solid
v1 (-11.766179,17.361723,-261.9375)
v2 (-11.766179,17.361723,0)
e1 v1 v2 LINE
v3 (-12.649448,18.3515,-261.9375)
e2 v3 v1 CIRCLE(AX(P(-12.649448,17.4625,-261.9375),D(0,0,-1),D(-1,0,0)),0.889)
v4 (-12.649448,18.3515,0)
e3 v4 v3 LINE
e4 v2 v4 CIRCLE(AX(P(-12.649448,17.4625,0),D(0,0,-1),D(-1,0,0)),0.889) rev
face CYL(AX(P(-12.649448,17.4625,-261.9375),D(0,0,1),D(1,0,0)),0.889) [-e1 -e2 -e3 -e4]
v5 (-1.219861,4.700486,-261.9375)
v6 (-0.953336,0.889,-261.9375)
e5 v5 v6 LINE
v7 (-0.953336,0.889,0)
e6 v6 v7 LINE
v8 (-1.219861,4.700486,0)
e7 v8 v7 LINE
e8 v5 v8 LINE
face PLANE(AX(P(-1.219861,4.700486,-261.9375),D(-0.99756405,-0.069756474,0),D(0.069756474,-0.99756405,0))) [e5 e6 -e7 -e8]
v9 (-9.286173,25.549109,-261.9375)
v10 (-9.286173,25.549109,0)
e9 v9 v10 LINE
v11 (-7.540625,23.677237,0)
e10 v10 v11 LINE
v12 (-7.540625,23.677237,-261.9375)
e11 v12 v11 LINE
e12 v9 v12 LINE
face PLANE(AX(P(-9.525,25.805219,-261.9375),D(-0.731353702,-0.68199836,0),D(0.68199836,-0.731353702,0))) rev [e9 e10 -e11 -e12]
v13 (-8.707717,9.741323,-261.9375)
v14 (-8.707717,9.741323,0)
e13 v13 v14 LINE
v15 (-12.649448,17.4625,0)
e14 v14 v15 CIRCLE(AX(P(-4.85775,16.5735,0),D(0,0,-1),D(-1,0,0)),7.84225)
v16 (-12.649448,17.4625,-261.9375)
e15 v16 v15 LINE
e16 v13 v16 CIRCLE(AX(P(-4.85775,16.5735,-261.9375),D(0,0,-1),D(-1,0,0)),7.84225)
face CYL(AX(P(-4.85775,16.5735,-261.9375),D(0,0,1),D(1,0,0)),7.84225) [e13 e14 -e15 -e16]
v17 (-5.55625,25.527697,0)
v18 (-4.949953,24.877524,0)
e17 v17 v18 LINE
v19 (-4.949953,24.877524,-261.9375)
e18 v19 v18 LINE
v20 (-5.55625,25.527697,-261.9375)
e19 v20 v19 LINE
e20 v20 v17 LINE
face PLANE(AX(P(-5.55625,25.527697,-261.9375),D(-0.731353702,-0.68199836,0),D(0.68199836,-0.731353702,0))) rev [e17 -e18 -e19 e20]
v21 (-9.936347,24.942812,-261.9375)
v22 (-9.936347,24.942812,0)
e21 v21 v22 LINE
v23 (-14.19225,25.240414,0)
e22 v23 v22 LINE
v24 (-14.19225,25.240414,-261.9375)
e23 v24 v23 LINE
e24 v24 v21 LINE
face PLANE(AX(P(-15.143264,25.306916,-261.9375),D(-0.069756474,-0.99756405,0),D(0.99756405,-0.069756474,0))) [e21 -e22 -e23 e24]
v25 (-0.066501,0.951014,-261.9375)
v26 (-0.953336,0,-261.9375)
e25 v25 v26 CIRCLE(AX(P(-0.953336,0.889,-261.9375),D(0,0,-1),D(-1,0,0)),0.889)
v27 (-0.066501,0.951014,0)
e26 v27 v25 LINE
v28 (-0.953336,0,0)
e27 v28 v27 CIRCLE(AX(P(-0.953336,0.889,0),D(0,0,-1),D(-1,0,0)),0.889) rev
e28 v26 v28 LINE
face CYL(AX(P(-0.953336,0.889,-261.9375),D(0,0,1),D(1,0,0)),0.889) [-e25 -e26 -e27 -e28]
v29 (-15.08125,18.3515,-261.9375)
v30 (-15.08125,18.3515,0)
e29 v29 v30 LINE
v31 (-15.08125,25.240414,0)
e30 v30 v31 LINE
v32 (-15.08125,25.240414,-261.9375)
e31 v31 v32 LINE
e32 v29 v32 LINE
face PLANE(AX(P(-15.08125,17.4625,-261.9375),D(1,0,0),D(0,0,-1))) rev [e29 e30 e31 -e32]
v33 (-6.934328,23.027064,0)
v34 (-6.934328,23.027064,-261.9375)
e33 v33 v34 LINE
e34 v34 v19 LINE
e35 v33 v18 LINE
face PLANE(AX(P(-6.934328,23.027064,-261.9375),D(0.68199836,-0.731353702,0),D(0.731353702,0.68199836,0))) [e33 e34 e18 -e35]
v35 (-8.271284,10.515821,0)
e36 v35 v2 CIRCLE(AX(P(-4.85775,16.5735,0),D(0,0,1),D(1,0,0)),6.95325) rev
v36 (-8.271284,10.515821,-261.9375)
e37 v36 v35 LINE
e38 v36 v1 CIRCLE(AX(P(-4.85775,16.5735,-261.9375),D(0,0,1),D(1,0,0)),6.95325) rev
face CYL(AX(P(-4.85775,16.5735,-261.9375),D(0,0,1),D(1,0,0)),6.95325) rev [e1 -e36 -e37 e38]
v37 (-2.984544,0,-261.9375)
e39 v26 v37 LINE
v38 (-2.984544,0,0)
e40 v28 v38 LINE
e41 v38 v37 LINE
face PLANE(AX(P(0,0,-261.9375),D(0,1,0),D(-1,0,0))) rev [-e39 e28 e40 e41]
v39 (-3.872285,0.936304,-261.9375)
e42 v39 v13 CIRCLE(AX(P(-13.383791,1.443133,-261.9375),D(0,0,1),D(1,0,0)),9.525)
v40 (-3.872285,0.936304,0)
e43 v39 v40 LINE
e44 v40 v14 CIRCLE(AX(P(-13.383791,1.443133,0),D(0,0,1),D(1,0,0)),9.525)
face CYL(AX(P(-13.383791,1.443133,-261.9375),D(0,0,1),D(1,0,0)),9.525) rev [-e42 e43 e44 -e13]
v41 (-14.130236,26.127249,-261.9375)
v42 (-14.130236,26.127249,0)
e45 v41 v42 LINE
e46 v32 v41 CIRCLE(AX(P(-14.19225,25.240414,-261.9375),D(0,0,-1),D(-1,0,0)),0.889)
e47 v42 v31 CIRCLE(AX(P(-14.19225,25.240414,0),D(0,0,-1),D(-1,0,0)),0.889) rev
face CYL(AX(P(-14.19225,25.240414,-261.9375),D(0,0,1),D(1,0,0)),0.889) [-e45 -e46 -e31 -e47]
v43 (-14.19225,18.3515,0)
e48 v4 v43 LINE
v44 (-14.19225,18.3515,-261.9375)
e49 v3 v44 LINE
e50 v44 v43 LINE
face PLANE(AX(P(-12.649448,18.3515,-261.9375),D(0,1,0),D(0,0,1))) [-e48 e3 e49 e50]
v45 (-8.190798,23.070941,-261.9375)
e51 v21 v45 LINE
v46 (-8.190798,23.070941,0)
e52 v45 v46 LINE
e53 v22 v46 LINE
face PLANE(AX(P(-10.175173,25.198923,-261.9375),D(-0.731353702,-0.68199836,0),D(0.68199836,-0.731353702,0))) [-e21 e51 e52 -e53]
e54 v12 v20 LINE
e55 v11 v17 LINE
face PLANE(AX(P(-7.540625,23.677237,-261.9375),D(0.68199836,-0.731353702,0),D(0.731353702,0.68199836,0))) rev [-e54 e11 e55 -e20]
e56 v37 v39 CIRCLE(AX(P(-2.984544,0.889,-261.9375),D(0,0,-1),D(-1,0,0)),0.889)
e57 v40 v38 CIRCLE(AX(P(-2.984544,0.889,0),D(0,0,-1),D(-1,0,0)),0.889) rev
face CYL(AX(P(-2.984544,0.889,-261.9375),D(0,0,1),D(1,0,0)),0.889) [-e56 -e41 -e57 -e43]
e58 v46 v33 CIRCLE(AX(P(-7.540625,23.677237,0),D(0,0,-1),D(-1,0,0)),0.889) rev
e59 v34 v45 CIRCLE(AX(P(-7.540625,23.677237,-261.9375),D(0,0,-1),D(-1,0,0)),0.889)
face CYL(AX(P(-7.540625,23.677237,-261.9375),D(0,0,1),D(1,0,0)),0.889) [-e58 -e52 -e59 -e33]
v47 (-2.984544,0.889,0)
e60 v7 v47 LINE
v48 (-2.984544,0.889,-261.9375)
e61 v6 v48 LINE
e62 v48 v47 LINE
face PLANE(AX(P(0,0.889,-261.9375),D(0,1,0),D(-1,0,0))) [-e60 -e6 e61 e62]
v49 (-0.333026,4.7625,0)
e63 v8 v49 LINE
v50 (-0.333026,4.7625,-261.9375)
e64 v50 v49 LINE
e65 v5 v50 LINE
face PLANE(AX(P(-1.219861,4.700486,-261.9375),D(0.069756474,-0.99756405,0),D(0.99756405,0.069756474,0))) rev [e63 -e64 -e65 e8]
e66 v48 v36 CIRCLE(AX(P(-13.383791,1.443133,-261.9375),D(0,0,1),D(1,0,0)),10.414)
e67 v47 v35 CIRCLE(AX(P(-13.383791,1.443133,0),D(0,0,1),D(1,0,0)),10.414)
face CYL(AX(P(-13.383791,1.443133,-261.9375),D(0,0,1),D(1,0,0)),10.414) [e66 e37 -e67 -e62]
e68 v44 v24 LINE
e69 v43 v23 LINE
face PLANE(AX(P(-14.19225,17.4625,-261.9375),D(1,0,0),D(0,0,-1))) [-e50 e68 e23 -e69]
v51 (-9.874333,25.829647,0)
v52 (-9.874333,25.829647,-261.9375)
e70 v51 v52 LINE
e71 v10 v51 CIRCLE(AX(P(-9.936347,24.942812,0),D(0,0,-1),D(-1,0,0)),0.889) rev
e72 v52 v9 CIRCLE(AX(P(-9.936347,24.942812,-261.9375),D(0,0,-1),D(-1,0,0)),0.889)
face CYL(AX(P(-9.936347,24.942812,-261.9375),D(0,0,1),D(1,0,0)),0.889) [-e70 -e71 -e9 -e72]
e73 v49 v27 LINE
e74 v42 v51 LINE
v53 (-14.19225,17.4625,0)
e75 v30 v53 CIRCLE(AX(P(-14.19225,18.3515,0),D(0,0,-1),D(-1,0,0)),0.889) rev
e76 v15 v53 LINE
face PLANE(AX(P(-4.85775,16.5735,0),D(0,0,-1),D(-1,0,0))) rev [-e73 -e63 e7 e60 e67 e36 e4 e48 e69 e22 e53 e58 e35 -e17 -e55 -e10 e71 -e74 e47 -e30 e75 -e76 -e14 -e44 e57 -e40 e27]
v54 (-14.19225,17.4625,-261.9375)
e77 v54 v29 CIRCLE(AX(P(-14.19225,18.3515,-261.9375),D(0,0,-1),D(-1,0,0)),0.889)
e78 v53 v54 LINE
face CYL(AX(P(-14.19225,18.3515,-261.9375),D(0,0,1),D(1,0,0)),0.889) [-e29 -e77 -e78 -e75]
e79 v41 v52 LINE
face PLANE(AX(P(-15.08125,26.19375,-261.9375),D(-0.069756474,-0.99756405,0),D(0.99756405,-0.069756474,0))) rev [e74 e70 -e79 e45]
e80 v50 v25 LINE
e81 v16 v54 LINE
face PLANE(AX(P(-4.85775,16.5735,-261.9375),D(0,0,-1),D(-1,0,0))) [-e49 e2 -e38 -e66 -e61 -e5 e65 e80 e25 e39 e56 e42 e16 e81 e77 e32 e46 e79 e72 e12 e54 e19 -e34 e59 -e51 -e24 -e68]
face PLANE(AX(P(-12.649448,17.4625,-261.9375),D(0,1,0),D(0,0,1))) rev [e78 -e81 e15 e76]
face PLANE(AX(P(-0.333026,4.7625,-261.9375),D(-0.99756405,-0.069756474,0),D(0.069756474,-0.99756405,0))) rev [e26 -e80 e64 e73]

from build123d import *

# Parameters (mm, degrees)
EXTRUDE_THIN1_DEPTH = 261.9375
FILLET1_R           = 0.889


with BuildPart() as part:
    # Sketch1 → Extrude-Thin1 (new body)
    with BuildSketch(Plane.XY):
        with BuildLine():
            Line((-0.333026442, 4.7625), (0, 0))
            Line((0, 0), (-3.96875, 0))
            ThreePointArc((-3.96875, 0), (-4.818557487, 5.609954997), (-8.7077172, 9.741323362))
            ThreePointArc((-8.7077172, 9.741323362), (-11.842464504, 13.007739441), (-12.649448407, 17.4625))
            Line((-12.649448407, 17.4625), (-15.08125, 17.4625))
            Line((-15.08125, 17.4625), (-15.08125, 26.19375))
            Line((-15.08125, 26.19375), (-9.525, 25.805219151))
            Line((-9.525, 25.805219151), (-7.540625, 23.677237492))
            Line((-7.540625, 23.677237492), (-5.55625, 25.527697116))
            Line((-5.55625, 25.527697116), (-4.949953458, 24.877523675))
            Line((-4.949953458, 24.877523675), (-7.584501899, 22.420767509))
            Line((-7.584501899, 22.420767509), (-9.936346881, 24.94281248))
            Line((-9.936346881, 24.94281248), (-14.19225, 25.240414217))
            Line((-14.19225, 25.240414217), (-14.19225, 18.3515))
            Line((-14.19225, 18.3515), (-11.579833127, 18.3515))
            ThreePointArc((-11.579833127, 18.3515), (-11.263384071, 13.868774929), (-8.271283672, 10.515821118))
            ThreePointArc((-8.271283672, 10.515821118), (-4.255672213, 6.4560014), (-2.984543996, 0.889))
            Line((-2.984543996, 0.889), (-0.953335783, 0.889))
            Line((-0.953335783, 0.889), (-1.219860883, 4.700486495))
            Line((-1.219860883, 4.700486495), (-0.333026442, 4.7625))
        make_face()
    extrude(amount=-EXTRUDE_THIN1_DEPTH)

    # Fillet1
    fillet1_edges = [part.edges().sort_by_distance(p)[0] for p in [
        (-7.584501899, 22.420767509, -130.96875),
        (-11.579833127, 18.3515, -130.96875),
        (0, 0, -130.96875),
        (-3.96875, 0, -130.96875),
        (-15.08125, 17.4625, -130.96875),
        (-15.08125, 26.19375, -130.96875),
        (-9.525, 25.805219151, -130.96875),
    ]]
    fillet(fillet1_edges, radius=FILLET1_R)


solid = part.part
